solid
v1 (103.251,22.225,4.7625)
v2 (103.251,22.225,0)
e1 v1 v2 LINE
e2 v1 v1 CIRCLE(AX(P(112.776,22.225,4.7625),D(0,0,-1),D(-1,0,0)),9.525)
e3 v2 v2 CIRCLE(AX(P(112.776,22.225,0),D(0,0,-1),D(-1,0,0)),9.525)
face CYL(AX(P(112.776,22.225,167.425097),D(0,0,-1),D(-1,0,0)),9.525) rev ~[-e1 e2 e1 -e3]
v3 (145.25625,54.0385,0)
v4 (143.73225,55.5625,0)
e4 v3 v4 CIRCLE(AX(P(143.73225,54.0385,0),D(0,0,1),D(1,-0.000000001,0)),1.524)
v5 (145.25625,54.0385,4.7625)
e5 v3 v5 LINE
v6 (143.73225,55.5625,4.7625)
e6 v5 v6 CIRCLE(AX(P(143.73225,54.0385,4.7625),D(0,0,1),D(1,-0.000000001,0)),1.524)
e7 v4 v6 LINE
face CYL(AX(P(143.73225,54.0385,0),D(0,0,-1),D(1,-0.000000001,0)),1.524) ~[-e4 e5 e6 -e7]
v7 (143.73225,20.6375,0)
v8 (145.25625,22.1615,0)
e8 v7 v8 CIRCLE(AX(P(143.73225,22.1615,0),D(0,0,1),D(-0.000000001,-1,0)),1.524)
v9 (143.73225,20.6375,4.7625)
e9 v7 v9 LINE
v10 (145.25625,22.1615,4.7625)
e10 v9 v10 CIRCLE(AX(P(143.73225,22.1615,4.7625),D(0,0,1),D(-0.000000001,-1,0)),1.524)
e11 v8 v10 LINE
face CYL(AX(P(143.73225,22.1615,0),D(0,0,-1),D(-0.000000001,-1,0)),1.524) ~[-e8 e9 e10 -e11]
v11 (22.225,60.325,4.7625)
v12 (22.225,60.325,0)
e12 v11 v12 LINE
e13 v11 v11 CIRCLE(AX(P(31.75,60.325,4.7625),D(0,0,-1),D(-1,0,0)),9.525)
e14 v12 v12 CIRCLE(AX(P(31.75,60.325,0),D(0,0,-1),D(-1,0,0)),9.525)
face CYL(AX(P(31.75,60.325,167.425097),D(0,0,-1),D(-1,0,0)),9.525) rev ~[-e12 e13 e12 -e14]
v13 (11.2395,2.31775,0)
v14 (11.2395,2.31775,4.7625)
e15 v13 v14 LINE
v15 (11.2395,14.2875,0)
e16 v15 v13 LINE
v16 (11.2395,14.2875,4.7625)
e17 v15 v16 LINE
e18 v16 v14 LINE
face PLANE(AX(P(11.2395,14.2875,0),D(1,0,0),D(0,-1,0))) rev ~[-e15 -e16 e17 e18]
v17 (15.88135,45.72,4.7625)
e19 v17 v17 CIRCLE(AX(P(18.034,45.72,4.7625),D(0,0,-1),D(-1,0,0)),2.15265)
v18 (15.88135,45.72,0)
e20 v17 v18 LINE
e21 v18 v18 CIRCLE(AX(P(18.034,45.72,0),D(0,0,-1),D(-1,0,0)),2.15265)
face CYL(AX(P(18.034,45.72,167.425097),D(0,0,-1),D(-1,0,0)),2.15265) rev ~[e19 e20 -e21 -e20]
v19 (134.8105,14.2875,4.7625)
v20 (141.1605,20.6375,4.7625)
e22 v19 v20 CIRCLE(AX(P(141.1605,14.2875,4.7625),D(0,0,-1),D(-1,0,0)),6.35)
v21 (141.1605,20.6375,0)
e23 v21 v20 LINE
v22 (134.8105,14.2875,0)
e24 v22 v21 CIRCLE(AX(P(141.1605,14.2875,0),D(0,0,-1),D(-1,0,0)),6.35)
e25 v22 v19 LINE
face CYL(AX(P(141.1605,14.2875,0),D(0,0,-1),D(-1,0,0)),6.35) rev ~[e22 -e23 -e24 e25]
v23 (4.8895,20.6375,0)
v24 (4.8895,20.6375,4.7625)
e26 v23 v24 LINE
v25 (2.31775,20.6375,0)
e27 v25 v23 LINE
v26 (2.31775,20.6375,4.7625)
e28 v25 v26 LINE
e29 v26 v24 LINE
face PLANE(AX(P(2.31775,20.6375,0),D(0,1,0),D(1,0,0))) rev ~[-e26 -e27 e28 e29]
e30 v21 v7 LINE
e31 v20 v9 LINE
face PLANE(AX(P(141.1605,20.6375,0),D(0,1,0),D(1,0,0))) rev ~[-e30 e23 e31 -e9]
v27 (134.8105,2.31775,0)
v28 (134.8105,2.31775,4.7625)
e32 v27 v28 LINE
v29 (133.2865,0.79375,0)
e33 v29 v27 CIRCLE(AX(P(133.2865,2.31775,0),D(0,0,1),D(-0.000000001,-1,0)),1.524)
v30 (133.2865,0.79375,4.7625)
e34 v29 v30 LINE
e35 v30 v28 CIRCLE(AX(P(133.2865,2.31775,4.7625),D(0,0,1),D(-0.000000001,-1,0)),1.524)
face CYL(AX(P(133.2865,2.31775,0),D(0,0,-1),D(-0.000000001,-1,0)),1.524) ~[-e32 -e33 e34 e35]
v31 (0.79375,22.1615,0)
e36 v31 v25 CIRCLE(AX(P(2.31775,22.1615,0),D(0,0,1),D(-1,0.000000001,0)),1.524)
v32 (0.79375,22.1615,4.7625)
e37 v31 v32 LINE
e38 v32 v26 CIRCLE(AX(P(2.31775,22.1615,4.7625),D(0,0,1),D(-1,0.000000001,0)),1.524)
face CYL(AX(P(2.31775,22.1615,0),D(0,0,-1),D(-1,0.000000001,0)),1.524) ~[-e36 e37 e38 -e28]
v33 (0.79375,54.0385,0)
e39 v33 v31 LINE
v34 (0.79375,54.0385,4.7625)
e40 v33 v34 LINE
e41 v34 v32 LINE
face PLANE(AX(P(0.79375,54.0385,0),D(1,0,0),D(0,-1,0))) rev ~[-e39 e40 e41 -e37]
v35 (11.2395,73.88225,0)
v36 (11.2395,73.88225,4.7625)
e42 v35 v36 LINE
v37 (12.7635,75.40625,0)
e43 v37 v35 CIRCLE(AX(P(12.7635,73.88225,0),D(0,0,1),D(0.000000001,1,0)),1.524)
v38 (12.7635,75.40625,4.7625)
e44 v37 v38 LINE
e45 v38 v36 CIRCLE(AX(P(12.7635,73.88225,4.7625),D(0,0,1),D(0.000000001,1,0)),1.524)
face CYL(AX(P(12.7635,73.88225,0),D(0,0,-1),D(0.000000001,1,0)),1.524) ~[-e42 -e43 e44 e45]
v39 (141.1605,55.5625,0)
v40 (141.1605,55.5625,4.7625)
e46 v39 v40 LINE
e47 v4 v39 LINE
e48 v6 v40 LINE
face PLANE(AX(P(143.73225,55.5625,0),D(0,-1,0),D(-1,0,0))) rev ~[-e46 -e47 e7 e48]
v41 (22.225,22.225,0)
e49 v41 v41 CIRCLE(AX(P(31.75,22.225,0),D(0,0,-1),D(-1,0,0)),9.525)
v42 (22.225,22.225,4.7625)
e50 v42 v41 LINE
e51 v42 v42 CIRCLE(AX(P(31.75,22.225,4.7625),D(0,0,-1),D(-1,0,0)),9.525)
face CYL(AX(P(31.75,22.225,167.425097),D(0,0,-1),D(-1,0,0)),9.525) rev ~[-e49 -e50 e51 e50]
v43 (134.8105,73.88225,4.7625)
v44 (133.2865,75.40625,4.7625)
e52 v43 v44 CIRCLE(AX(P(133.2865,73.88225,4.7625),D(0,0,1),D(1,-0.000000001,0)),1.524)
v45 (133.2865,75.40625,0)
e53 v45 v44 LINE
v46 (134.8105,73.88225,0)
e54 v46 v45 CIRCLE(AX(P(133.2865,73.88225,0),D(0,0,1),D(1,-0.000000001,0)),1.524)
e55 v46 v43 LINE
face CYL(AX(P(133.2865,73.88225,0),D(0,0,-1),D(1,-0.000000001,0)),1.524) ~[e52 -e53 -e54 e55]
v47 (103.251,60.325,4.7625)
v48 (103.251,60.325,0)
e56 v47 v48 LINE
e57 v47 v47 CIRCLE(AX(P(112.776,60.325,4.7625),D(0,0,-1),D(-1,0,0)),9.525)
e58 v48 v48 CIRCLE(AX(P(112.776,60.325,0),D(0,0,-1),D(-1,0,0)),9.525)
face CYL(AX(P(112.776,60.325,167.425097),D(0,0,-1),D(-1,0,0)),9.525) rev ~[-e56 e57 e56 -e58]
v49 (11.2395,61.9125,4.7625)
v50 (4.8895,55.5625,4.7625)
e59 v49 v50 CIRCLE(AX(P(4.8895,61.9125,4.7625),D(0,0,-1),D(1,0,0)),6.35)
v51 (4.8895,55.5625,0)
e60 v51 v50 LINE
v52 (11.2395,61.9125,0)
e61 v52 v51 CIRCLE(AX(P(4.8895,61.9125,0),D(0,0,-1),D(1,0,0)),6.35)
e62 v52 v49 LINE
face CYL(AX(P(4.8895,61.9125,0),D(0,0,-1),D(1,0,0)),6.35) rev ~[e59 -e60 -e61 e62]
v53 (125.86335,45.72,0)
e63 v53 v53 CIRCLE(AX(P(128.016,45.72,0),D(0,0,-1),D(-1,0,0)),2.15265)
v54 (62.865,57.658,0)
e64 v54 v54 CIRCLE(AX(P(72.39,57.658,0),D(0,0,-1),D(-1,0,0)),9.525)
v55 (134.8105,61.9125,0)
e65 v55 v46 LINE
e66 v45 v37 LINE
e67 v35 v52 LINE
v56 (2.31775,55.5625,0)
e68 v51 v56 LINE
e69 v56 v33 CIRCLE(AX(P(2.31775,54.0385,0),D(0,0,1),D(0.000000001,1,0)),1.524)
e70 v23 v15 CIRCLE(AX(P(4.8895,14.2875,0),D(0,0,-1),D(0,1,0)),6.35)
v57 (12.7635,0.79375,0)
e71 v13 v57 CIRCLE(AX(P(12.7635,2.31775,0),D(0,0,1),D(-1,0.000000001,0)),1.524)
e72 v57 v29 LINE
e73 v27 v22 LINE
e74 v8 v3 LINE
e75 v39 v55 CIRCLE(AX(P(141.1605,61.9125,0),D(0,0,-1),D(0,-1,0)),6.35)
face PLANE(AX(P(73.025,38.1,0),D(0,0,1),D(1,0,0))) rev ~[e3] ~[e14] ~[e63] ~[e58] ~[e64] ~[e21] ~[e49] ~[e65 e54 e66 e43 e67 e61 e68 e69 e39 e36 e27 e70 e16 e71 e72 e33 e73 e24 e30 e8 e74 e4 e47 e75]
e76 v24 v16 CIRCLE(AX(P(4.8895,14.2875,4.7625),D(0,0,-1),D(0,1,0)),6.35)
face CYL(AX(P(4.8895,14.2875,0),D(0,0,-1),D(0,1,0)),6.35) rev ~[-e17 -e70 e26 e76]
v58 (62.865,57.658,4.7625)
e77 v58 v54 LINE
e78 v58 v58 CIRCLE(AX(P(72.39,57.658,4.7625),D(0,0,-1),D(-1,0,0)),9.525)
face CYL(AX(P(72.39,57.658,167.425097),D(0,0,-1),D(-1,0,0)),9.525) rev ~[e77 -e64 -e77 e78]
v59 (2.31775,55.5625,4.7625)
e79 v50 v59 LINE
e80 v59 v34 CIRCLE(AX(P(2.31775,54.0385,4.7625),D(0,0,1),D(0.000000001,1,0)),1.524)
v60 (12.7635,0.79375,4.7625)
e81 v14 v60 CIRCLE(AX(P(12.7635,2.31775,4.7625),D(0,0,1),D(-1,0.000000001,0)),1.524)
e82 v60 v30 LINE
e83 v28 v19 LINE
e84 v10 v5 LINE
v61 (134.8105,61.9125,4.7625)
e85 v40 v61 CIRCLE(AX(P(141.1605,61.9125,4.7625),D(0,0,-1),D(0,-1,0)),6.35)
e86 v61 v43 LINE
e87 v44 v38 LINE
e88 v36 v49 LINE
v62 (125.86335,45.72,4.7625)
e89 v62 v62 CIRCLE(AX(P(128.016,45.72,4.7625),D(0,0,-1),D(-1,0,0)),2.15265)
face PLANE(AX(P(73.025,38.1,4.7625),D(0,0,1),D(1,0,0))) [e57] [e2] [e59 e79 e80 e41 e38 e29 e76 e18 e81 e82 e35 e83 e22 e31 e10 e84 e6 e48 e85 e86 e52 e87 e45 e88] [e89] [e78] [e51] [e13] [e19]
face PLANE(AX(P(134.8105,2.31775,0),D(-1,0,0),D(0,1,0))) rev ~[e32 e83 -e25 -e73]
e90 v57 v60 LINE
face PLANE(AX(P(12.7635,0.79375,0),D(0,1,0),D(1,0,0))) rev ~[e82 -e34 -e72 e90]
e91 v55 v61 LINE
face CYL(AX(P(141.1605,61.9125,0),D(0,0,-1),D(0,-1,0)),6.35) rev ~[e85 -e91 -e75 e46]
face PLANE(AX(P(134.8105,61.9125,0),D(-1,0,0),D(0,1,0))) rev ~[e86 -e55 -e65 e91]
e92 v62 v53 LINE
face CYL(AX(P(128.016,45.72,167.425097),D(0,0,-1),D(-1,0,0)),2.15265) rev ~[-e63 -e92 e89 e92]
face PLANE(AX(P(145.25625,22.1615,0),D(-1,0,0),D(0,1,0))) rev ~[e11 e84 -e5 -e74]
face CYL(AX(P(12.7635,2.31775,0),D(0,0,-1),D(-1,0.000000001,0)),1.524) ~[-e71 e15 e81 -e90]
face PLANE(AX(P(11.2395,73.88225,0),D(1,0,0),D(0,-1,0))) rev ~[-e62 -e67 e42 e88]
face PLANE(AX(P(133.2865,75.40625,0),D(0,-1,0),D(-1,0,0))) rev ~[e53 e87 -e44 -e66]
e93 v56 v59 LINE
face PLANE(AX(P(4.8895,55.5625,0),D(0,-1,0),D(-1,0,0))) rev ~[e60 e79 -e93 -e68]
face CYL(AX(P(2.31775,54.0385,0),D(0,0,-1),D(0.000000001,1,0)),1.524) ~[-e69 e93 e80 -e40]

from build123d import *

# Parameters (mm, degrees)
BOSS_EXTRUDE1_DEPTH         = 4.7625
F_3_4_0_75_DIAMETER_HOLE1_D = 19.05
F_6_CLEARANCE_HOLE1_D       = 4.3053


with BuildPart() as part:
    # Sketch1 → Boss-Extrude1 (new body)
    with BuildSketch(Plane.XY):
        with BuildLine():
            Line((134.8105, 61.9125), (134.8105, 73.88225))
            ThreePointArc((134.8105, 73.88225), (134.364130735, 74.959880735), (133.2865, 75.40625))
            Line((133.2865, 75.40625), (12.7635, 75.40625))
            ThreePointArc((12.7635, 75.40625), (11.685869265, 74.959880735), (11.2395, 73.88225))
            Line((11.2395, 73.88225), (11.2395, 61.9125))
            ThreePointArc((11.2395, 61.9125), (9.379628061, 57.422371939), (4.8895, 55.5625))
            Line((4.8895, 55.5625), (2.31775, 55.5625))
            ThreePointArc((2.31775, 55.5625), (1.240119265, 55.116130735), (0.79375, 54.0385))
            Line((0.79375, 54.0385), (0.79375, 22.1615))
            ThreePointArc((0.79375, 22.1615), (1.240119265, 21.083869265), (2.31775, 20.6375))
            Line((2.31775, 20.6375), (4.8895, 20.6375))
            ThreePointArc((4.8895, 20.6375), (9.379628061, 18.777628061), (11.2395, 14.2875))
            Line((11.2395, 14.2875), (11.2395, 2.31775))
            ThreePointArc((11.2395, 2.31775), (11.685869265, 1.240119265), (12.7635, 0.79375))
            Line((12.7635, 0.79375), (133.2865, 0.79375))
            ThreePointArc((133.2865, 0.79375), (134.364130735, 1.240119265), (134.8105, 2.31775))
            Line((134.8105, 2.31775), (134.8105, 14.2875))
            ThreePointArc((134.8105, 14.2875), (136.670371939, 18.777628061), (141.1605, 20.6375))
            Line((141.1605, 20.6375), (143.73225, 20.6375))
            ThreePointArc((143.73225, 20.6375), (144.809880735, 21.083869265), (145.25625, 22.1615))
            Line((145.25625, 22.1615), (145.25625, 54.0385))
            ThreePointArc((145.25625, 54.0385), (144.809880735, 55.116130735), (143.73225, 55.5625))
            Line((143.73225, 55.5625), (141.1605, 55.5625))
            ThreePointArc((141.1605, 55.5625), (136.670371939, 57.422371939), (134.8105, 61.9125))
        make_face()
    extrude(amount=BOSS_EXTRUDE1_DEPTH)

    # 3/4 (0.75) Diameter Hole1 (through all)
    with Locations(Plane.XY.offset(4.7625)):
        with Locations((31.75, 60.325), (72.39, 57.658), (112.776, 60.325), (112.776, 22.225), (31.75, 22.225)):
            Hole(F_3_4_0_75_DIAMETER_HOLE1_D / 2)

    # #6 Clearance Hole1 (through all)
    with Locations(Plane.XY.offset(4.7625)):
        with Locations((18.034, 45.72), (128.016, 45.72)):
            Hole(F_6_CLEARANCE_HOLE1_D / 2)


solid = part.part
